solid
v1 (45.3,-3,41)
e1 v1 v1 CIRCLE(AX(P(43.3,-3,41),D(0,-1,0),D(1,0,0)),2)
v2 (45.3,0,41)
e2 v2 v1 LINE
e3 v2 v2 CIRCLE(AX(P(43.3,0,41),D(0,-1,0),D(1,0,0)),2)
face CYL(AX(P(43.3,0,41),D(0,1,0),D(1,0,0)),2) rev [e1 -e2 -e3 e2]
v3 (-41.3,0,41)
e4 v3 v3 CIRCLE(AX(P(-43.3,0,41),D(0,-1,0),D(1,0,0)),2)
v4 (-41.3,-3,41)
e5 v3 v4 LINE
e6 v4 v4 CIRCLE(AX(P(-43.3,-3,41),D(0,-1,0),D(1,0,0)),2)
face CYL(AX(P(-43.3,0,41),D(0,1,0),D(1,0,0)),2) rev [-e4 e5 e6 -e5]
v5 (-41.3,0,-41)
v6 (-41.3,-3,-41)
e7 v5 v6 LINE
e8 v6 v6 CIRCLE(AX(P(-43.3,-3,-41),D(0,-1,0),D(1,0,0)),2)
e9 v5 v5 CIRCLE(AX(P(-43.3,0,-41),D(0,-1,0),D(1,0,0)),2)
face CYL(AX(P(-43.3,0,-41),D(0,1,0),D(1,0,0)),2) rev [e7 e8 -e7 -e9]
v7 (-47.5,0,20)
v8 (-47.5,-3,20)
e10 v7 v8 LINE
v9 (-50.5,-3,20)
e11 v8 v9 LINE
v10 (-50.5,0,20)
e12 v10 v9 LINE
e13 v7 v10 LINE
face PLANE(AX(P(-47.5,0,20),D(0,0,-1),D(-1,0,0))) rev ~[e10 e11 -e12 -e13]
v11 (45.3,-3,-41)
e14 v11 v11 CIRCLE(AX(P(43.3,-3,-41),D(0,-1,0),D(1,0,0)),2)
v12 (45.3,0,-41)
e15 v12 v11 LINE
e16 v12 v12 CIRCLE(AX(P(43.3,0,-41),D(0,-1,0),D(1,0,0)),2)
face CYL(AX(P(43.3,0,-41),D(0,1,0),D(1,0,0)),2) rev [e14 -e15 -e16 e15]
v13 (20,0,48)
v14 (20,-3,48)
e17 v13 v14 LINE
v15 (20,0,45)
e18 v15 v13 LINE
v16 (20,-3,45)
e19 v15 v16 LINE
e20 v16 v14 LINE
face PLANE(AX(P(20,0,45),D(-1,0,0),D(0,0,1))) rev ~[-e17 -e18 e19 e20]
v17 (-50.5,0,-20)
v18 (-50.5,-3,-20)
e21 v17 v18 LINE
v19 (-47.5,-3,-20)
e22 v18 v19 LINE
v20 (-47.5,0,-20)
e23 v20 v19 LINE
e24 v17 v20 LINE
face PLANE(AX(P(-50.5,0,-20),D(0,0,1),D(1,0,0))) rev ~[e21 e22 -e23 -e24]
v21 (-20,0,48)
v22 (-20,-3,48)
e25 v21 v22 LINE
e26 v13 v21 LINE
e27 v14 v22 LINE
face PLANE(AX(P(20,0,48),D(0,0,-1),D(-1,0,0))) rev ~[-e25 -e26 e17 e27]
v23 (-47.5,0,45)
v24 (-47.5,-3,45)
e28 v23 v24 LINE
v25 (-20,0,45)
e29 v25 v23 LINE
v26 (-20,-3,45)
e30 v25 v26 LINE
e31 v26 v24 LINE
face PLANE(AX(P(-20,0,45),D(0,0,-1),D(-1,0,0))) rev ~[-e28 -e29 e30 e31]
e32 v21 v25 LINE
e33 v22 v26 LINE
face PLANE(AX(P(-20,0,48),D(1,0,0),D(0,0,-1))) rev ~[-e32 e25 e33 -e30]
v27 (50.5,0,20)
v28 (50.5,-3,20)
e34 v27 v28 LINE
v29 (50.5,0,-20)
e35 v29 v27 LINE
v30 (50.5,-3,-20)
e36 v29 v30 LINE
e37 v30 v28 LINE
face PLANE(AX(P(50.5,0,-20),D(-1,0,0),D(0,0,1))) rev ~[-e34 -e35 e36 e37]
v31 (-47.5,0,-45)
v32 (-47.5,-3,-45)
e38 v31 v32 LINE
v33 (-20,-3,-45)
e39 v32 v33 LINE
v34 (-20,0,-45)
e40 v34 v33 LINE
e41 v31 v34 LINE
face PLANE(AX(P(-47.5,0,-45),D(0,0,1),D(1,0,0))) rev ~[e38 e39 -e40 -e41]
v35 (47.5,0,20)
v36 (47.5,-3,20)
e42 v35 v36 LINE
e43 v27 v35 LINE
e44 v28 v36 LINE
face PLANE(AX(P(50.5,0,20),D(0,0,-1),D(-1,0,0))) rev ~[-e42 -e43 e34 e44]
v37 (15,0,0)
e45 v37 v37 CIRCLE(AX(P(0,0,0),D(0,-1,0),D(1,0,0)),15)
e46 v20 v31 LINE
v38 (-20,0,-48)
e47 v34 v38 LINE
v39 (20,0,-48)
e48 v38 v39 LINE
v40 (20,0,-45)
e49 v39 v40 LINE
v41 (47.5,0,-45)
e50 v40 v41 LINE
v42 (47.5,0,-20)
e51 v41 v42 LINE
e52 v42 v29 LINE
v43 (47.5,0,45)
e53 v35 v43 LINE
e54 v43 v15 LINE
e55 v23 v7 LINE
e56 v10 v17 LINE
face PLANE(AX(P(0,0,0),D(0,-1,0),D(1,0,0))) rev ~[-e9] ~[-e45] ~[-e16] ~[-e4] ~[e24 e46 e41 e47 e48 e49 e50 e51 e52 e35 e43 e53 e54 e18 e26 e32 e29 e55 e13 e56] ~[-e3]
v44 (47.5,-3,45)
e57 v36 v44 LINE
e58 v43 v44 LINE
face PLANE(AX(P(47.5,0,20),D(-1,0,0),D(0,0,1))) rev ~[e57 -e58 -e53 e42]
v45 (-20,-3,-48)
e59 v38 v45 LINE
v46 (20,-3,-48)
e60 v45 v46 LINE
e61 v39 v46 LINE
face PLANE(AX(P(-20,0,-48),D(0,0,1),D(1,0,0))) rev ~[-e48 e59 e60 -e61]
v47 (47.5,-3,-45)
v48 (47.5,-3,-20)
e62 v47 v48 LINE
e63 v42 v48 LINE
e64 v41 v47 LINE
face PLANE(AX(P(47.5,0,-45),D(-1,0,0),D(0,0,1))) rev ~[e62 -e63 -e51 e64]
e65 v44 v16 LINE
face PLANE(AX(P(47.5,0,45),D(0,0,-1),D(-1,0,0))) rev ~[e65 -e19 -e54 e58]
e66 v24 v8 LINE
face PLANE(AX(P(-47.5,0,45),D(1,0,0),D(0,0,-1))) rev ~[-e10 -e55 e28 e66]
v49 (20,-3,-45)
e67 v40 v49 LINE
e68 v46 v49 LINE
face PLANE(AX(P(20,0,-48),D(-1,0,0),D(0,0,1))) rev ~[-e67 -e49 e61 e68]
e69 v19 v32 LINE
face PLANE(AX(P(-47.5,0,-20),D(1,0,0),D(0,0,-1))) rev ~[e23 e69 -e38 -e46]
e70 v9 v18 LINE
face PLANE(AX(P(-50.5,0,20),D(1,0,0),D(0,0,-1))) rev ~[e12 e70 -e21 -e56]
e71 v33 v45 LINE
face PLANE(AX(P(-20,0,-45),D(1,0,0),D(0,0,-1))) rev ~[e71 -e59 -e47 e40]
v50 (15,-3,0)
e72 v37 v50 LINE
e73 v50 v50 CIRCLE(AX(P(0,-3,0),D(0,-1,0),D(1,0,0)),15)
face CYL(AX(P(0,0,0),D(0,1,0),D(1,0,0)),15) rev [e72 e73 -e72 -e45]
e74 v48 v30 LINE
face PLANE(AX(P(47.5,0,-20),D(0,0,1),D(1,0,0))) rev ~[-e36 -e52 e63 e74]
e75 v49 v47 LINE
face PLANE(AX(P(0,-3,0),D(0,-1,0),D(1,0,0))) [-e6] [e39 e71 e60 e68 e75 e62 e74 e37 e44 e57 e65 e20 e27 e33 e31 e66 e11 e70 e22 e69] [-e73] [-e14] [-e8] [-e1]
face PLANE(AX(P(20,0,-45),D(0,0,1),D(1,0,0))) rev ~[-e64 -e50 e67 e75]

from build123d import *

# Parameters (mm, degrees)
F0_R     = 2
F0_R_2   = 15
F1_DEPTH = 3


with BuildPart() as f1:
    # F0 (on Front) → F1 (new body)
    with BuildSketch(Plane.XZ):
        Polygon((-50.5, 20), (-50.5, 0), (-50.5, -20), (-47.5, -20), (-47.5, -45), (-20, -45), (-20, -48), (0, -48), (20, -48), (20, -45), (47.5, -45), (47.5, -20), (50.5, -20), (50.5, 0), (50.5, 20), (47.5, 20), (47.5, 45), (20, 45), (20, 48), (0, 48), (-20, 48), (-20, 45), (-47.5, 45), (-47.5, 20), align=None)
        with Locations((-43.3, -41)):
            Circle(F0_R, mode=Mode.SUBTRACT)
        with Locations((43.3, -41)):
            Circle(F0_R, mode=Mode.SUBTRACT)
        with Locations((-43.3, 41)):
            Circle(F0_R, mode=Mode.SUBTRACT)
        Circle(F0_R_2, mode=Mode.SUBTRACT)
        with Locations((43.3, 41)):
            Circle(F0_R, mode=Mode.SUBTRACT)
    extrude(amount=F1_DEPTH)


solid = f1.part
